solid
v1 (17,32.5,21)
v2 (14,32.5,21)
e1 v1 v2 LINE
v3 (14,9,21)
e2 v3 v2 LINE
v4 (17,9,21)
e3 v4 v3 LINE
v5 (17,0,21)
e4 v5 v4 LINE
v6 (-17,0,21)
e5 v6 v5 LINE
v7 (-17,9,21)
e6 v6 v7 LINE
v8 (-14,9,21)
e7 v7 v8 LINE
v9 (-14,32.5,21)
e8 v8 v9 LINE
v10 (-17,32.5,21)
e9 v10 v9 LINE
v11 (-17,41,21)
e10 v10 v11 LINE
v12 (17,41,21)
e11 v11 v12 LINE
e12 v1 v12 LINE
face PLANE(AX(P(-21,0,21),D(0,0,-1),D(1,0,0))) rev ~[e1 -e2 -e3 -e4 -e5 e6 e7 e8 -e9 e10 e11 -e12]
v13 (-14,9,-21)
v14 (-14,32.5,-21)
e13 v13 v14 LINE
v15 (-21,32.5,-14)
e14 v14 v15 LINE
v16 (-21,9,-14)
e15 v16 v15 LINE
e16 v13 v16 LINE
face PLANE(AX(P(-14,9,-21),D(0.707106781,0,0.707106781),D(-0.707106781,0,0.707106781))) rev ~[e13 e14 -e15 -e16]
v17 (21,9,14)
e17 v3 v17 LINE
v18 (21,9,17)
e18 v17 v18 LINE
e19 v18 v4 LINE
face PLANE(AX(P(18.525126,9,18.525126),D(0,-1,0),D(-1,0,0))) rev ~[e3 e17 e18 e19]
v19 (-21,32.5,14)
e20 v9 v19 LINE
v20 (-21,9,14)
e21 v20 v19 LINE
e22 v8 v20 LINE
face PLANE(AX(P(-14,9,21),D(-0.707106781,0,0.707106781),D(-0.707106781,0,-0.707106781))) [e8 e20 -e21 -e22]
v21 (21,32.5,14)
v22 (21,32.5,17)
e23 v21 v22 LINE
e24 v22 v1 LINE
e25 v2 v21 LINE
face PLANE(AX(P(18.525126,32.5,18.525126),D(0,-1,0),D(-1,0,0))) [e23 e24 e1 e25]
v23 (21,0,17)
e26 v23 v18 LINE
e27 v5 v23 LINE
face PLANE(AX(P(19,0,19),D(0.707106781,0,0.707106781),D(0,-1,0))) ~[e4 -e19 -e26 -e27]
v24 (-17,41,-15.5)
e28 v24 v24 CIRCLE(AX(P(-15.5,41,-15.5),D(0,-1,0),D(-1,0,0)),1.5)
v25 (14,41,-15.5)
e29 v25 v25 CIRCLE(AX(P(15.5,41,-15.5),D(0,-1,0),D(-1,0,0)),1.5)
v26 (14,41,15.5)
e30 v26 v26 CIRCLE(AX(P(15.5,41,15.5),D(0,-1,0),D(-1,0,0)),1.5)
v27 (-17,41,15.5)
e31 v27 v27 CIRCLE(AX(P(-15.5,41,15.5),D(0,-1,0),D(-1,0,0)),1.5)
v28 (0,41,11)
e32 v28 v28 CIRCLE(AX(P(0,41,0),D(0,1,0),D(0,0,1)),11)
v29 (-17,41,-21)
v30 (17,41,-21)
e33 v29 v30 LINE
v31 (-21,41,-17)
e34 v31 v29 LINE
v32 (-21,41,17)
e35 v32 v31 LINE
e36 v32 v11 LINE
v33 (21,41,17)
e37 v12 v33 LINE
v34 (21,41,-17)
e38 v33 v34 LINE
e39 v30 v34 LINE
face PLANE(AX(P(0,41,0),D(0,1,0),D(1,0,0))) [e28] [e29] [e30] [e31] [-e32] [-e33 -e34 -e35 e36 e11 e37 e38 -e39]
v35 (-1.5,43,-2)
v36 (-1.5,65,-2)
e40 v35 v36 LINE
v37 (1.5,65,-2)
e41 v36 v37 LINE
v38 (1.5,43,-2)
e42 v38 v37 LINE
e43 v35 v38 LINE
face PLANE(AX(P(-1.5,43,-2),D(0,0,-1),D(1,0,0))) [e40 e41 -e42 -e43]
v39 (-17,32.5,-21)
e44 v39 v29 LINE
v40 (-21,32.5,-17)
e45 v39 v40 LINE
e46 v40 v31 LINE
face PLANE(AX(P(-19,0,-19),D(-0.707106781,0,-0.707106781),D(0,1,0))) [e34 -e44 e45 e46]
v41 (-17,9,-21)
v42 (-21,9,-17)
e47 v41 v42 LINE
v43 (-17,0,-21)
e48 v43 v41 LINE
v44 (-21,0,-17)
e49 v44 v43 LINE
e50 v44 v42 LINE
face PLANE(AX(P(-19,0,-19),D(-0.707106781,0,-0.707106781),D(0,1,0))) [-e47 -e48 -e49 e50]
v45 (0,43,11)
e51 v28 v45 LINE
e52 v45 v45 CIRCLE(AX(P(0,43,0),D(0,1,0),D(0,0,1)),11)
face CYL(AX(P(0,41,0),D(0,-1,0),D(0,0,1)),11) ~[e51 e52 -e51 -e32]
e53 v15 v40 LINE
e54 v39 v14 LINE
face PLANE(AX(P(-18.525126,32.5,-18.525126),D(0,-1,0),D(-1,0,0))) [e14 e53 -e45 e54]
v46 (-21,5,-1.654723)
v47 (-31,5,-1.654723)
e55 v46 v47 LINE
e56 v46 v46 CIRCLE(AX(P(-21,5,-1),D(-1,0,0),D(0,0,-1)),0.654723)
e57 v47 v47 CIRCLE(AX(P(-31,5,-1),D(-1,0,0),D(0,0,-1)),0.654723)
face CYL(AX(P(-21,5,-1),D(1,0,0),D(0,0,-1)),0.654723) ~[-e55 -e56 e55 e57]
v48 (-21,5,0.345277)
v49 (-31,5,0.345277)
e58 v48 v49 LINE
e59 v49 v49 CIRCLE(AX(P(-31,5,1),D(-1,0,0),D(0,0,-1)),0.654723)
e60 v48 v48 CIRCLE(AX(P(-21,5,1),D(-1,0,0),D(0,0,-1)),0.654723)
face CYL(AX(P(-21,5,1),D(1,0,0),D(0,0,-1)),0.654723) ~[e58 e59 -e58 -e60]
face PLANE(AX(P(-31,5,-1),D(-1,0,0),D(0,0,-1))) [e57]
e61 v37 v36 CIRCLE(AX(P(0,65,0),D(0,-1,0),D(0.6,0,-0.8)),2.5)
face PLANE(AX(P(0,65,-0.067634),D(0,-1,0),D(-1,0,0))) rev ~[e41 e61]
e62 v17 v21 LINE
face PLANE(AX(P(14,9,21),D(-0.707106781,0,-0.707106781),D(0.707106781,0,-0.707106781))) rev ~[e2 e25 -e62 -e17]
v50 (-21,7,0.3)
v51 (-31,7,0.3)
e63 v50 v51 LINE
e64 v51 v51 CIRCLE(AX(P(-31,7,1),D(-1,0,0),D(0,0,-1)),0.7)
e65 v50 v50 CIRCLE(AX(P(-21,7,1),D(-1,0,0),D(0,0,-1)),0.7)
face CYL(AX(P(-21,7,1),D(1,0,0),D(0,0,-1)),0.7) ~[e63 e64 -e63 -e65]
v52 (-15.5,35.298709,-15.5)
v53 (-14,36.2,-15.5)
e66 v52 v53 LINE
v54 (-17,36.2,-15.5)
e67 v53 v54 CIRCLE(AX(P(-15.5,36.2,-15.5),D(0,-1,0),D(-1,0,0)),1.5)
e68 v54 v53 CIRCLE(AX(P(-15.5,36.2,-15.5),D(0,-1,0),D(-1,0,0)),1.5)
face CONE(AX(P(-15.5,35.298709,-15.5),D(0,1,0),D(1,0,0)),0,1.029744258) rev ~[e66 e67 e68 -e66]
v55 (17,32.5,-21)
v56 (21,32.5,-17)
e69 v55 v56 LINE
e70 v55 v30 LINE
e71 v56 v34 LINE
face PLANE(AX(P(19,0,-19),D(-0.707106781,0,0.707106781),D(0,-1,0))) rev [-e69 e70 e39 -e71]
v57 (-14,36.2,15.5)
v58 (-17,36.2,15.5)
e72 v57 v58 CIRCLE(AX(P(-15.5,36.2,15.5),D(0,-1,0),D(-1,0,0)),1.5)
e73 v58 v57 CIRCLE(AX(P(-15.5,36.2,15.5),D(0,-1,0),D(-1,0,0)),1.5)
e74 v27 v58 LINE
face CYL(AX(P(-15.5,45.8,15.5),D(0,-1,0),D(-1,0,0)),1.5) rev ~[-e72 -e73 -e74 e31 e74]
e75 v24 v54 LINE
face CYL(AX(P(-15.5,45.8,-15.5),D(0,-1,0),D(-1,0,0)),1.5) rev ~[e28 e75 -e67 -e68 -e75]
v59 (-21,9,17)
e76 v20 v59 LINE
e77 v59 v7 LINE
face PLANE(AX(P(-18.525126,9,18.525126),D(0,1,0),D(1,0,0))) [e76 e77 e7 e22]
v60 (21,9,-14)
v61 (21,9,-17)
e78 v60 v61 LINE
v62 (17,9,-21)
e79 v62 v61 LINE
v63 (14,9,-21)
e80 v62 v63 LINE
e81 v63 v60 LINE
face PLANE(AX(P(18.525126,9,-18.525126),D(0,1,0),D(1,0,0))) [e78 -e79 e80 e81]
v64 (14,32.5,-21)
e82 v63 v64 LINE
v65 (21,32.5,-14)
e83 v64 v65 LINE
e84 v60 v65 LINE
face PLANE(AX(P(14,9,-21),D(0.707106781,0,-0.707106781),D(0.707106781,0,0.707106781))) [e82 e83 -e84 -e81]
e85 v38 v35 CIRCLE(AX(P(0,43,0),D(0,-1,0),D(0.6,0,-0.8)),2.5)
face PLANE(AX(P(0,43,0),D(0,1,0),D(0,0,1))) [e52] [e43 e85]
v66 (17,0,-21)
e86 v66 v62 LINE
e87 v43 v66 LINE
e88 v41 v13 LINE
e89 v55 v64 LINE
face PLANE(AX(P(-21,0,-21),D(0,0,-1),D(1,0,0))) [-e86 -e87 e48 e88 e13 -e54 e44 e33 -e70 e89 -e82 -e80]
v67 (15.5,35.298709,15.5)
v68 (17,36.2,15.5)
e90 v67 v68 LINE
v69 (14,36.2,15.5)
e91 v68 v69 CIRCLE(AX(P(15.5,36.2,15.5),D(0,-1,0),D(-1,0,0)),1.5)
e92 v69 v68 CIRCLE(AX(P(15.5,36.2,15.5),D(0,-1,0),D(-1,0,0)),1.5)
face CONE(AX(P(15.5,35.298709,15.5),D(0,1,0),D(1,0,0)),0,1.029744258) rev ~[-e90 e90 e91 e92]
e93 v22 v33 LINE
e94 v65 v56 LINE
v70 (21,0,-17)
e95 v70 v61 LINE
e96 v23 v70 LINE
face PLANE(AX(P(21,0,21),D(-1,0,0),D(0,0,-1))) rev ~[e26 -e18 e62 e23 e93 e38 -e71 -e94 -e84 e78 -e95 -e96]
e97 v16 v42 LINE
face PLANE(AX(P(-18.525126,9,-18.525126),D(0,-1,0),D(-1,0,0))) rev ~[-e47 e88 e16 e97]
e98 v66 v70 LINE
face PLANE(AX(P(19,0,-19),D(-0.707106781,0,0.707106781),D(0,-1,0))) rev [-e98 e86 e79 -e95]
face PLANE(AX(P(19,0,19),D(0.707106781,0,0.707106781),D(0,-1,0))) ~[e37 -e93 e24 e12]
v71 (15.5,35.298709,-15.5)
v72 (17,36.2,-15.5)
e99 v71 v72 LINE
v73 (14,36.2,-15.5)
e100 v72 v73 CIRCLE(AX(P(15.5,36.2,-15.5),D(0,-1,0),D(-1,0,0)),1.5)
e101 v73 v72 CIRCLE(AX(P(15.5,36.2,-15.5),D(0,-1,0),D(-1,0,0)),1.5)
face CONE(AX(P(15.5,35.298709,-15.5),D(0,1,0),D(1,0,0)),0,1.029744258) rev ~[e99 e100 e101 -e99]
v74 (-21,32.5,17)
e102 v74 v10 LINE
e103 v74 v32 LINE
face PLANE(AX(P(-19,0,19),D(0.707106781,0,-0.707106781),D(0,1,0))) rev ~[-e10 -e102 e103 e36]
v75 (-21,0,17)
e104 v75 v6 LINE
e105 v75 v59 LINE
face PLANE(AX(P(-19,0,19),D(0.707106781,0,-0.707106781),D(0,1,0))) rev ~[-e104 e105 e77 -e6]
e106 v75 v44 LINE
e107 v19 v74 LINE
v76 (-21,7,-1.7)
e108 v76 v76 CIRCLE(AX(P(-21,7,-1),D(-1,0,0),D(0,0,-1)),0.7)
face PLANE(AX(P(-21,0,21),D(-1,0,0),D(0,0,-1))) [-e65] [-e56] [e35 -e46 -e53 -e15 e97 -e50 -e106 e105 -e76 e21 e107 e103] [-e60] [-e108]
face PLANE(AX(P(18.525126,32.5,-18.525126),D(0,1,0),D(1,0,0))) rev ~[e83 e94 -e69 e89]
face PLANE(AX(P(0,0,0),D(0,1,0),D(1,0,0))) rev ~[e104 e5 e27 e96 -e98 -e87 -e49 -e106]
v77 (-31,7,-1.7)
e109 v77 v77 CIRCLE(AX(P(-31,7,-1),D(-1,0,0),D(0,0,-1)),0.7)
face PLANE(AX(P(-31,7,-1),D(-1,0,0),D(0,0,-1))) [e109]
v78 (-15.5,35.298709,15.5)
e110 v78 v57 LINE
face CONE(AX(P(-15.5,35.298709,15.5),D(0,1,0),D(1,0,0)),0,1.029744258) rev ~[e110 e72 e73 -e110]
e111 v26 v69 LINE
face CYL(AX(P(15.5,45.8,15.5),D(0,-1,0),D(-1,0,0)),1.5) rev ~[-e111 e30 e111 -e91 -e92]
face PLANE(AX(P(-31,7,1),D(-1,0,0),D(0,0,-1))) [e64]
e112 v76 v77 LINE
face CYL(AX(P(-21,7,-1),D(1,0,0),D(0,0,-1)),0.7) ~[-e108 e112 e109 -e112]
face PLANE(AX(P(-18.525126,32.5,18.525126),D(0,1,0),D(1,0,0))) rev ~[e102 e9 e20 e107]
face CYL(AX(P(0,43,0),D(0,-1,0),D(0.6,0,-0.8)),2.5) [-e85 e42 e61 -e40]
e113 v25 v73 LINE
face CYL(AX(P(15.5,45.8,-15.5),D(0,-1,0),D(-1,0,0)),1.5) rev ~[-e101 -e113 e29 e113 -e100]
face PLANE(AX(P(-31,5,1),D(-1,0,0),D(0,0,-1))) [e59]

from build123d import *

# Parameters (mm, degrees)
ESQUISSE1_W                       = 42
ESQUISSE1_H                       = 42
BOSS_EXTRU_1_DEPTH                = 41
ESQUISSE2_R                       = 11
BOSS_EXTRU_2_DEPTH                = 2
BOSS_EXTRU_3_DEPTH                = 22
DIAM_TRE_DU_PER_AGE_3_0_3_1_D     = 3
DIAM_TRE_DU_PER_AGE_3_0_3_1_DEPTH = 4.8
DIAM_TRE_DU_PER_AGE_3_0_3_1_TIP   = 0.901290929
CHANFREIN1_SIZE                   = 4
ENL_V_START                       = 9
ENL_V_MAT_EXTRU_1_DEPTH           = 23.5
ESQUISSE5_R                       = 0.7
ESQUISSE5_R_2                     = 0.654723083
BOSS_EXTRU_4_DEPTH                = 10


with BuildPart() as part:
    # Esquisse1 → Boss.-Extru.1 (new body)
    with BuildSketch(Plane(origin=(0, 0, 0), x_dir=(1, 0, 0), z_dir=(0, 1, 0))):
        Rectangle(ESQUISSE1_W, ESQUISSE1_H)
    extrude(amount=BOSS_EXTRU_1_DEPTH)

    # Esquisse2 → Boss.-Extru.2 (add)
    with BuildSketch(Plane(origin=(0, 41, 0), x_dir=(1, 0, 0), z_dir=(0, 1, 0))):
        with Locations(Location((0, 0, 0), (0, 0, 270))):
            Circle(ESQUISSE2_R)
    extrude(amount=BOSS_EXTRU_2_DEPTH)

    # Esquisse3 → Boss.-Extru.3 (add)
    with BuildSketch(Plane(origin=(0, 43, 0), x_dir=(1, 0, 0), z_dir=(0, 1, 0))):
        with BuildLine():
            Line((-1.5, 2), (1.5, 2))
            ThreePointArc((1.5, 2), (0, -2.5), (-1.5, 2))
        make_face()
    extrude(amount=BOSS_EXTRU_3_DEPTH)

    # Diamètre du perçage Ø3.0 (3)1
    with Locations(Plane(origin=(0, 41, 0), x_dir=(1, 0, 0), z_dir=(0, 1, 0))):
        with Locations((-15.5, 15.5), (15.5, 15.5), (15.5, -15.5), (-15.5, -15.5)):
            Hole(DIAM_TRE_DU_PER_AGE_3_0_3_1_D / 2, depth=DIAM_TRE_DU_PER_AGE_3_0_3_1_DEPTH)
            with Locations((0, 0, -(DIAM_TRE_DU_PER_AGE_3_0_3_1_DEPTH + DIAM_TRE_DU_PER_AGE_3_0_3_1_TIP / 2))):  # 118° drill point
                Cone(0, DIAM_TRE_DU_PER_AGE_3_0_3_1_D / 2, DIAM_TRE_DU_PER_AGE_3_0_3_1_TIP, mode=Mode.SUBTRACT)

    # Chanfrein1
    chanfrein1_edges = [part.edges().sort_by_distance(p)[0] for p in [
        (-21, 20.5, -21),
        (21, 20.5, -21),
        (21, 20.5, 21),
        (-21, 20.5, 21),
    ]]
    chamfer(chanfrein1_edges, length=CHANFREIN1_SIZE)

    # Esquisse4 → Enlèv. mat.-Extru.1 (cut)
    with BuildSketch(Plane(origin=(0, 0, 0), x_dir=(1, 0, 0), z_dir=(0, 1, 0)).offset(ENL_V_START)):
        Polygon((-14, 21), (-21, 14), (-21, 21), align=None)
        Polygon((21, 21), (14, 21), (21, 14), align=None)
        Polygon((14, -21), (21, -14), (21, -21), align=None)
        Polygon((-21, -21), (-14, -21), (-21, -14), align=None)
    extrude(amount=ENL_V_MAT_EXTRU_1_DEPTH, mode=Mode.SUBTRACT)

    # Esquisse5 → Boss.-Extru.4 (add)
    with BuildSketch(Plane.ZY.offset(21)):
        with Locations(Location((-1, 7, 0), (0, 0, 180))):
            Circle(ESQUISSE5_R)
        with Locations(Location((-1, 5, 0), (0, 0, 180))):
            Circle(ESQUISSE5_R_2)
        with Locations(Location((1, 5, 0), (0, 0, 180))):
            Circle(ESQUISSE5_R_2)
        with Locations(Location((1, 7, 0), (0, 0, 180))):
            Circle(ESQUISSE5_R)
    extrude(amount=BOSS_EXTRU_4_DEPTH)


solid = part.part
